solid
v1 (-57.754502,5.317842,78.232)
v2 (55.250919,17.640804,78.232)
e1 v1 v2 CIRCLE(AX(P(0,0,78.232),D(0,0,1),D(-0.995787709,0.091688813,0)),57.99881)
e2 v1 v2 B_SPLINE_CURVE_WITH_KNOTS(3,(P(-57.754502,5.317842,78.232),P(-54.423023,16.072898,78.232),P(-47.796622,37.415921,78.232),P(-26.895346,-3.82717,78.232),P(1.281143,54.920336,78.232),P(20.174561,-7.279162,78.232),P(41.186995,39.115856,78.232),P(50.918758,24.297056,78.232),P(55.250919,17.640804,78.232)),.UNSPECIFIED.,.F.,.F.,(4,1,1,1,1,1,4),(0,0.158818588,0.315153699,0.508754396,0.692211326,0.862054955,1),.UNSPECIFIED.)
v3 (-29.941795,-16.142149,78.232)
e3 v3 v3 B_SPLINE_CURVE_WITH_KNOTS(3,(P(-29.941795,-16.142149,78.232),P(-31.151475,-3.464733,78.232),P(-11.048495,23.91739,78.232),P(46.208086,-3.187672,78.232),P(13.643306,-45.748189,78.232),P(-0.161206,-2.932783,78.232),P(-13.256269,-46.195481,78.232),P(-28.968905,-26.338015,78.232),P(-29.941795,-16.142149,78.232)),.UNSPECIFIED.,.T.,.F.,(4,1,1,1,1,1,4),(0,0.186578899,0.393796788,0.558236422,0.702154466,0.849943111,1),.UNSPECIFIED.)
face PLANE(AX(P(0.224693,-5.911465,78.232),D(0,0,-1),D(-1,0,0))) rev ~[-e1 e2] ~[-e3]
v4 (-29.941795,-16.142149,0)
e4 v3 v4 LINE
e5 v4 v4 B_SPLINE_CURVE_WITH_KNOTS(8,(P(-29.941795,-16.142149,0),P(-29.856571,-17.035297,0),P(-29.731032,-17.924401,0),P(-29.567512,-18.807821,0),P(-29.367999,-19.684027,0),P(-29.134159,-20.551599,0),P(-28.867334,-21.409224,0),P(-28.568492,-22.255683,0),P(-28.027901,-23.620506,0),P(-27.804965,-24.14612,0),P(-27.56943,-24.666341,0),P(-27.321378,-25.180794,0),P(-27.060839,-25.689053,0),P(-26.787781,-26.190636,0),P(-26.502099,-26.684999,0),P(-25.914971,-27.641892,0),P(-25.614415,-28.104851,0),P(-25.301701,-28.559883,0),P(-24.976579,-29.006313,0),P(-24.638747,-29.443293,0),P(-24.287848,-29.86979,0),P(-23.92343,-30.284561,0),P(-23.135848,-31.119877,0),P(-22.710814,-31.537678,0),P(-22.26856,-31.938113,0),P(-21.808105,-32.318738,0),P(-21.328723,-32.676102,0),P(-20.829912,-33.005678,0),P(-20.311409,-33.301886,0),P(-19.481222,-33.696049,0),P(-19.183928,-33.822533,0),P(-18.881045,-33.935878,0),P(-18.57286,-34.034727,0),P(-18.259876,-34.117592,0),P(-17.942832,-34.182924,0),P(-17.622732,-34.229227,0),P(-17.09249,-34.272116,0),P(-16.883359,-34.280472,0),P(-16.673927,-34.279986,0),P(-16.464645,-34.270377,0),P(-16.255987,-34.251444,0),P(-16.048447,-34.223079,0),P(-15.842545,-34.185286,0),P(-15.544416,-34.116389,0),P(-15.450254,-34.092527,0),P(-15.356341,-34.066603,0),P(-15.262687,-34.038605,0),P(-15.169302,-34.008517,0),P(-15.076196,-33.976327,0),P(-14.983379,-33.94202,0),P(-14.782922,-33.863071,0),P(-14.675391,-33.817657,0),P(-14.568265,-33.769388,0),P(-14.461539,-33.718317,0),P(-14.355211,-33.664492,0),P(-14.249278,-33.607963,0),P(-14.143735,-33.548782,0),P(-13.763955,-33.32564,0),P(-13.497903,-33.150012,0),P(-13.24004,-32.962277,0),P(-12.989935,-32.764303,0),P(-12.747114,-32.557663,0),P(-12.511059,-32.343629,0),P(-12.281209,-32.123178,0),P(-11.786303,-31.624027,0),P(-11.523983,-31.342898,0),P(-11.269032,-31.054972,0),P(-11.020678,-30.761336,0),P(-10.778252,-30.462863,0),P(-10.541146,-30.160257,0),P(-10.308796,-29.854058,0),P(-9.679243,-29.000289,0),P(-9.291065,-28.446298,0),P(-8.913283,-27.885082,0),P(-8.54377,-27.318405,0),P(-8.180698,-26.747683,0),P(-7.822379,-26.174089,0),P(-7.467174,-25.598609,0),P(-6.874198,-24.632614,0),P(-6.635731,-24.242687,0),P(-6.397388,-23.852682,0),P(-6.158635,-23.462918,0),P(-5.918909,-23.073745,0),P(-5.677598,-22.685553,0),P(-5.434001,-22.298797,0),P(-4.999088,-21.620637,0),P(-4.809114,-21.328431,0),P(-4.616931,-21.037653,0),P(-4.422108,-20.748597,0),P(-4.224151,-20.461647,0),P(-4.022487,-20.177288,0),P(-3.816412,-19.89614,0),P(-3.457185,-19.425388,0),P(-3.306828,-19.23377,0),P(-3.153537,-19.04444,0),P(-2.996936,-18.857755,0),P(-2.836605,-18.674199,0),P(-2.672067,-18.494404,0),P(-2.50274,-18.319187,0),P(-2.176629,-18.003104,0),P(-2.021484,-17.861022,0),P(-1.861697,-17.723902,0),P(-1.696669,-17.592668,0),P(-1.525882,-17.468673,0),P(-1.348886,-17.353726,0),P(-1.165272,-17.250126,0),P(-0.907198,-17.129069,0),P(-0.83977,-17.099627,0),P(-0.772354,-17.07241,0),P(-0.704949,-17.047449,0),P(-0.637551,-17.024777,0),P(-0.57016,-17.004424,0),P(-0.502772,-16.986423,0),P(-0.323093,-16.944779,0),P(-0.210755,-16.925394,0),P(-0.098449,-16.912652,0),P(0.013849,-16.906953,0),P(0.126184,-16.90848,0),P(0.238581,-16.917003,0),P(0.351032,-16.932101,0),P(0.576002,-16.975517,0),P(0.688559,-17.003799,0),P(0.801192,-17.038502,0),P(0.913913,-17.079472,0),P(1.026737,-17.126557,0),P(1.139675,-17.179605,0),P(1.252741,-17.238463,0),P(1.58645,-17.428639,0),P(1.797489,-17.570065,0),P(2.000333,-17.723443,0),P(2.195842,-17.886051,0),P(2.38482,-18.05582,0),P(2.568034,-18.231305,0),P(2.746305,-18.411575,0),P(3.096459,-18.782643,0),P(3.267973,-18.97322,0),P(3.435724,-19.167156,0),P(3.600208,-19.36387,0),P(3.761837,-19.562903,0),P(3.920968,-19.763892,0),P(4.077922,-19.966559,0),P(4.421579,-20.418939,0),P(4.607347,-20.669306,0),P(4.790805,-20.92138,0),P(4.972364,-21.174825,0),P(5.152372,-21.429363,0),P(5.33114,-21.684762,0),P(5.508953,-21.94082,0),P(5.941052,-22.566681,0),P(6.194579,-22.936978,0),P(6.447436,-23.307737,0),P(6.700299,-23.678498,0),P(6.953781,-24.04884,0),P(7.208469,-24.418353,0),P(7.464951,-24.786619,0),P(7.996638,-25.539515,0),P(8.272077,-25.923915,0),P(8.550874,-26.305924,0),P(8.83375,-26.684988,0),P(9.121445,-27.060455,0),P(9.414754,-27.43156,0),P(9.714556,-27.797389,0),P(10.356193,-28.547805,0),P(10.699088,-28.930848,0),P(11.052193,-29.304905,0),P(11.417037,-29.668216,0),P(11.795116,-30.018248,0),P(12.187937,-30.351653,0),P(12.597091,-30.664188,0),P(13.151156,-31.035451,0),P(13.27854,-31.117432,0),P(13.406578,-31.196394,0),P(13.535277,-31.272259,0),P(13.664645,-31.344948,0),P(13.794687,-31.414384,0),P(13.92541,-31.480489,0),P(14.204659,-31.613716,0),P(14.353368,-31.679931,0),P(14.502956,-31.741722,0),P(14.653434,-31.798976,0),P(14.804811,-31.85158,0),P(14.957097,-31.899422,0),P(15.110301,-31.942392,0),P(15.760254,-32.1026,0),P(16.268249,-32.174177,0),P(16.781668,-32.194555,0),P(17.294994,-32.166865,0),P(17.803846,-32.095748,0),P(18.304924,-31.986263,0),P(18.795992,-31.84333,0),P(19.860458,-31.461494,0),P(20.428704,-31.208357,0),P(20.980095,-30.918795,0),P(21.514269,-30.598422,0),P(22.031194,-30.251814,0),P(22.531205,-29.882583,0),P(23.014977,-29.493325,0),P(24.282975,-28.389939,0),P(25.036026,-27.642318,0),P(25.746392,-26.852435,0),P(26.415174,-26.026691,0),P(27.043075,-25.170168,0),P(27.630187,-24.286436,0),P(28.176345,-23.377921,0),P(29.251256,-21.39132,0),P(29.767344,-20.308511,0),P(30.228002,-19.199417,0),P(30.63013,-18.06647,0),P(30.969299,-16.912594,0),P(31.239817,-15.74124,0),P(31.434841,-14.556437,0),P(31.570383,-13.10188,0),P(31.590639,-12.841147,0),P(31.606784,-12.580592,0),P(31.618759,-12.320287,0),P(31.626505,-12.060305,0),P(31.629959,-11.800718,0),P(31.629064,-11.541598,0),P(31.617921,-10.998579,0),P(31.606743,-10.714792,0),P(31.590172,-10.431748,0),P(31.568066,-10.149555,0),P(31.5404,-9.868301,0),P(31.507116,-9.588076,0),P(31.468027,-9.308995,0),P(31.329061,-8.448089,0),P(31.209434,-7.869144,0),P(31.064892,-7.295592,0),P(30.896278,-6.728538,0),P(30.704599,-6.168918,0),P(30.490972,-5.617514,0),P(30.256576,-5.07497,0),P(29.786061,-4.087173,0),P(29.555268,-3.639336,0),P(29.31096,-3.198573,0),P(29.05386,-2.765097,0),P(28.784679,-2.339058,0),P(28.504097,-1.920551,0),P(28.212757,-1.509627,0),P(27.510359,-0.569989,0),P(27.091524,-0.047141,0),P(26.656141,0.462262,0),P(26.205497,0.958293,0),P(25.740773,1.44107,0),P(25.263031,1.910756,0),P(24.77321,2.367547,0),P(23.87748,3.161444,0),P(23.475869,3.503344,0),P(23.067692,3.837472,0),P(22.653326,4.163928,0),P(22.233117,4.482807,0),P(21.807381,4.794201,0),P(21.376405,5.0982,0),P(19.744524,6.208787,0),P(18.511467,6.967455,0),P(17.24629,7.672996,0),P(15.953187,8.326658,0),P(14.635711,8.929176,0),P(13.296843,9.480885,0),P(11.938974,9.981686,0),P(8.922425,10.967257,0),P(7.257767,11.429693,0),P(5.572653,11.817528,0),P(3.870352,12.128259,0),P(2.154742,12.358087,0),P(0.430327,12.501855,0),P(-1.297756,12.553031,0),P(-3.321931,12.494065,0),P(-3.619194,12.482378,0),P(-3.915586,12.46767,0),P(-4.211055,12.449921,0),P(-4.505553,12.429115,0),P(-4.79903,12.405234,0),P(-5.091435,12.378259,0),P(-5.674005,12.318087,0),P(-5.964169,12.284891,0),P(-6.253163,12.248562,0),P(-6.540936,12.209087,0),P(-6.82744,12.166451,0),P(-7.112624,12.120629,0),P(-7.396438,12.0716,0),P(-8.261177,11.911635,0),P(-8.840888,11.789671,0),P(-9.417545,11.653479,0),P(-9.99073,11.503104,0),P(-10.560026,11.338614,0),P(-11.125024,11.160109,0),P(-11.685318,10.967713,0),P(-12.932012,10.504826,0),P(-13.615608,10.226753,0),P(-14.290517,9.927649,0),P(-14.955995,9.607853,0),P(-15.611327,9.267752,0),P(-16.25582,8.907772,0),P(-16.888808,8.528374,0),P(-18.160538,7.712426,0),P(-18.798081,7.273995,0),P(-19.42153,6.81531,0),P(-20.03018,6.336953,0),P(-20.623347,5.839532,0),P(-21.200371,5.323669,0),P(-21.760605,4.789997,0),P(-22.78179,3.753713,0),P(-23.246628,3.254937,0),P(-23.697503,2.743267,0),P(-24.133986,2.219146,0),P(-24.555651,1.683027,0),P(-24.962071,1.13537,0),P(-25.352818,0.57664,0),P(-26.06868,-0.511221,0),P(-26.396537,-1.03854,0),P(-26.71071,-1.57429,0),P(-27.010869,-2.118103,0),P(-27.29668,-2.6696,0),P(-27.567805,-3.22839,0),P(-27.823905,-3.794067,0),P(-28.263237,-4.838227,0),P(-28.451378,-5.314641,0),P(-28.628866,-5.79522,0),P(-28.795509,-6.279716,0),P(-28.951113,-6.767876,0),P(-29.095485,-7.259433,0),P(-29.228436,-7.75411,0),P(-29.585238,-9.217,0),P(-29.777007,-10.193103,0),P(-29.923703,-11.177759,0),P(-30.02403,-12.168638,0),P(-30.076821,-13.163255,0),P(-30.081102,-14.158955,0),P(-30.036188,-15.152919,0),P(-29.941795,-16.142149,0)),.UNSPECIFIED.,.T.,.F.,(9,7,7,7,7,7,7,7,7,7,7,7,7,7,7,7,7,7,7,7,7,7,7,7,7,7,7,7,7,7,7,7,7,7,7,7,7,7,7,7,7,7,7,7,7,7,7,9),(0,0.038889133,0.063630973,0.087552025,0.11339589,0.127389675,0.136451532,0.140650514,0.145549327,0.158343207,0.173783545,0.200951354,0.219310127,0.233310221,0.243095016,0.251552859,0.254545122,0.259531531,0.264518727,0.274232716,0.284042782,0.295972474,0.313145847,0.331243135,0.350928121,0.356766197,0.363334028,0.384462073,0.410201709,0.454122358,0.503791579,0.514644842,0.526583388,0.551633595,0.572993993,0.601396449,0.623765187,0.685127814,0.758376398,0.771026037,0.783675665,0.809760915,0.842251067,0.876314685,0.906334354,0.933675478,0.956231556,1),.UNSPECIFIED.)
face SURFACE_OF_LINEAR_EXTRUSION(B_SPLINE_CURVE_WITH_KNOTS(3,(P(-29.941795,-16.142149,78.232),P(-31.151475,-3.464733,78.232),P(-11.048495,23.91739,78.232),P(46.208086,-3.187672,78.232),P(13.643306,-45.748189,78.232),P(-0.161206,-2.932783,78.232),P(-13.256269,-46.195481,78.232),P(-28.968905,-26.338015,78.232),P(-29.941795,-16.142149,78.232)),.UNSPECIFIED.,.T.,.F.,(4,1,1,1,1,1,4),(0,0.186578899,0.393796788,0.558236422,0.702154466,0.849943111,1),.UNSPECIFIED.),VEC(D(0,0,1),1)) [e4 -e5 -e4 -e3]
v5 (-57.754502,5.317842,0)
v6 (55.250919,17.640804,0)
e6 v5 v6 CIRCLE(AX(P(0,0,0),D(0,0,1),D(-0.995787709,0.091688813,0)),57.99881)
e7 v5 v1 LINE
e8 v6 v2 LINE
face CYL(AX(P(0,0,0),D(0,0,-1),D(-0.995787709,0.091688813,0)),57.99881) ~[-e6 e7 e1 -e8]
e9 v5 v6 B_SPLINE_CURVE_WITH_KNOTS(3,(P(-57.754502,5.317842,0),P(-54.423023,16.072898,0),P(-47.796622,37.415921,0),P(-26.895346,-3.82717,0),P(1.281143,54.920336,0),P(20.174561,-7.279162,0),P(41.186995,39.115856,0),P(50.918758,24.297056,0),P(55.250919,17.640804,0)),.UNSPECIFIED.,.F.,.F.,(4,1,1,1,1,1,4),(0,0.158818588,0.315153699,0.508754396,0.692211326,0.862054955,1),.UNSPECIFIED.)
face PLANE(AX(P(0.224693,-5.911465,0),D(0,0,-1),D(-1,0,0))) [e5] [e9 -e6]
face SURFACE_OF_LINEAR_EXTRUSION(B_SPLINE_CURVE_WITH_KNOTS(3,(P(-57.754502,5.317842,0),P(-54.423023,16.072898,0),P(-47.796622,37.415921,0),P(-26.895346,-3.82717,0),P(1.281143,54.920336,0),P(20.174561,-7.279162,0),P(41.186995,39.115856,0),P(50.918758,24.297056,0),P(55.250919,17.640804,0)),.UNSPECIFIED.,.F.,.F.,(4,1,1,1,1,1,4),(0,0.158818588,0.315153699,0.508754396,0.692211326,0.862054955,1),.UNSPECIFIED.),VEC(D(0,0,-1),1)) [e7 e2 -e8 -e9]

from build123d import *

# Parameters (mm, degrees)
F1_DEPTH = 78.232
F3_DEPTH = 227.838


with BuildPart() as f1:
    # F0 (on Top) → F1 (new body)
    with BuildSketch(Plane.XY):
        with BuildLine():
            add(Edge.make_bspline(
                [(-57.7545021759, 5.3178420382), (-54.4230234527, 16.0728975085), (-47.7966215606, 37.4159214981), (-26.8953459098, -3.8271698776), (1.2811431931, 54.9203356577), (20.1745613199, -7.2791616795), (41.1869945031, 39.1158563433), (50.9187576759, 24.2970555392), (55.2509185716, 17.640803908)],
                knots=[0, 0, 0, 0, 0.1588185877, 0.3151536995, 0.5087543956, 0.6922113256, 0.8620549549, 1, 1, 1, 1], degree=3))
            ThreePointArc((-57.7545021759, 5.3178420382), (6.2873547718, -57.6570128909), (55.2509185716, 17.640803908))
        make_face()
    extrude(amount=F1_DEPTH)

    # F2 (on face) → F3 (cut)
    with BuildSketch(Plane.XY.offset(78.232)):
        with BuildLine():
            add(Edge.make_bspline(
                [(-29.9417953938, -16.1421485245), (-31.1514749745, -3.4647331033), (-11.04849544, 23.917390067), (46.2080860168, -3.1876721479), (13.6433057092, -45.7481890625), (-0.1612058214, -2.9327834784), (-13.2562685376, -46.1954808159), (-28.9689053411, -26.3380148959), (-29.9417953938, -16.1421485245)],
                knots=[0, 0, 0, 0, 0.1865788988, 0.3937967878, 0.558236422, 0.7021544658, 0.8499431109, 1, 1, 1, 1], degree=3))
        make_face()
    extrude(amount=-F3_DEPTH, mode=Mode.SUBTRACT)


solid = f1.part
